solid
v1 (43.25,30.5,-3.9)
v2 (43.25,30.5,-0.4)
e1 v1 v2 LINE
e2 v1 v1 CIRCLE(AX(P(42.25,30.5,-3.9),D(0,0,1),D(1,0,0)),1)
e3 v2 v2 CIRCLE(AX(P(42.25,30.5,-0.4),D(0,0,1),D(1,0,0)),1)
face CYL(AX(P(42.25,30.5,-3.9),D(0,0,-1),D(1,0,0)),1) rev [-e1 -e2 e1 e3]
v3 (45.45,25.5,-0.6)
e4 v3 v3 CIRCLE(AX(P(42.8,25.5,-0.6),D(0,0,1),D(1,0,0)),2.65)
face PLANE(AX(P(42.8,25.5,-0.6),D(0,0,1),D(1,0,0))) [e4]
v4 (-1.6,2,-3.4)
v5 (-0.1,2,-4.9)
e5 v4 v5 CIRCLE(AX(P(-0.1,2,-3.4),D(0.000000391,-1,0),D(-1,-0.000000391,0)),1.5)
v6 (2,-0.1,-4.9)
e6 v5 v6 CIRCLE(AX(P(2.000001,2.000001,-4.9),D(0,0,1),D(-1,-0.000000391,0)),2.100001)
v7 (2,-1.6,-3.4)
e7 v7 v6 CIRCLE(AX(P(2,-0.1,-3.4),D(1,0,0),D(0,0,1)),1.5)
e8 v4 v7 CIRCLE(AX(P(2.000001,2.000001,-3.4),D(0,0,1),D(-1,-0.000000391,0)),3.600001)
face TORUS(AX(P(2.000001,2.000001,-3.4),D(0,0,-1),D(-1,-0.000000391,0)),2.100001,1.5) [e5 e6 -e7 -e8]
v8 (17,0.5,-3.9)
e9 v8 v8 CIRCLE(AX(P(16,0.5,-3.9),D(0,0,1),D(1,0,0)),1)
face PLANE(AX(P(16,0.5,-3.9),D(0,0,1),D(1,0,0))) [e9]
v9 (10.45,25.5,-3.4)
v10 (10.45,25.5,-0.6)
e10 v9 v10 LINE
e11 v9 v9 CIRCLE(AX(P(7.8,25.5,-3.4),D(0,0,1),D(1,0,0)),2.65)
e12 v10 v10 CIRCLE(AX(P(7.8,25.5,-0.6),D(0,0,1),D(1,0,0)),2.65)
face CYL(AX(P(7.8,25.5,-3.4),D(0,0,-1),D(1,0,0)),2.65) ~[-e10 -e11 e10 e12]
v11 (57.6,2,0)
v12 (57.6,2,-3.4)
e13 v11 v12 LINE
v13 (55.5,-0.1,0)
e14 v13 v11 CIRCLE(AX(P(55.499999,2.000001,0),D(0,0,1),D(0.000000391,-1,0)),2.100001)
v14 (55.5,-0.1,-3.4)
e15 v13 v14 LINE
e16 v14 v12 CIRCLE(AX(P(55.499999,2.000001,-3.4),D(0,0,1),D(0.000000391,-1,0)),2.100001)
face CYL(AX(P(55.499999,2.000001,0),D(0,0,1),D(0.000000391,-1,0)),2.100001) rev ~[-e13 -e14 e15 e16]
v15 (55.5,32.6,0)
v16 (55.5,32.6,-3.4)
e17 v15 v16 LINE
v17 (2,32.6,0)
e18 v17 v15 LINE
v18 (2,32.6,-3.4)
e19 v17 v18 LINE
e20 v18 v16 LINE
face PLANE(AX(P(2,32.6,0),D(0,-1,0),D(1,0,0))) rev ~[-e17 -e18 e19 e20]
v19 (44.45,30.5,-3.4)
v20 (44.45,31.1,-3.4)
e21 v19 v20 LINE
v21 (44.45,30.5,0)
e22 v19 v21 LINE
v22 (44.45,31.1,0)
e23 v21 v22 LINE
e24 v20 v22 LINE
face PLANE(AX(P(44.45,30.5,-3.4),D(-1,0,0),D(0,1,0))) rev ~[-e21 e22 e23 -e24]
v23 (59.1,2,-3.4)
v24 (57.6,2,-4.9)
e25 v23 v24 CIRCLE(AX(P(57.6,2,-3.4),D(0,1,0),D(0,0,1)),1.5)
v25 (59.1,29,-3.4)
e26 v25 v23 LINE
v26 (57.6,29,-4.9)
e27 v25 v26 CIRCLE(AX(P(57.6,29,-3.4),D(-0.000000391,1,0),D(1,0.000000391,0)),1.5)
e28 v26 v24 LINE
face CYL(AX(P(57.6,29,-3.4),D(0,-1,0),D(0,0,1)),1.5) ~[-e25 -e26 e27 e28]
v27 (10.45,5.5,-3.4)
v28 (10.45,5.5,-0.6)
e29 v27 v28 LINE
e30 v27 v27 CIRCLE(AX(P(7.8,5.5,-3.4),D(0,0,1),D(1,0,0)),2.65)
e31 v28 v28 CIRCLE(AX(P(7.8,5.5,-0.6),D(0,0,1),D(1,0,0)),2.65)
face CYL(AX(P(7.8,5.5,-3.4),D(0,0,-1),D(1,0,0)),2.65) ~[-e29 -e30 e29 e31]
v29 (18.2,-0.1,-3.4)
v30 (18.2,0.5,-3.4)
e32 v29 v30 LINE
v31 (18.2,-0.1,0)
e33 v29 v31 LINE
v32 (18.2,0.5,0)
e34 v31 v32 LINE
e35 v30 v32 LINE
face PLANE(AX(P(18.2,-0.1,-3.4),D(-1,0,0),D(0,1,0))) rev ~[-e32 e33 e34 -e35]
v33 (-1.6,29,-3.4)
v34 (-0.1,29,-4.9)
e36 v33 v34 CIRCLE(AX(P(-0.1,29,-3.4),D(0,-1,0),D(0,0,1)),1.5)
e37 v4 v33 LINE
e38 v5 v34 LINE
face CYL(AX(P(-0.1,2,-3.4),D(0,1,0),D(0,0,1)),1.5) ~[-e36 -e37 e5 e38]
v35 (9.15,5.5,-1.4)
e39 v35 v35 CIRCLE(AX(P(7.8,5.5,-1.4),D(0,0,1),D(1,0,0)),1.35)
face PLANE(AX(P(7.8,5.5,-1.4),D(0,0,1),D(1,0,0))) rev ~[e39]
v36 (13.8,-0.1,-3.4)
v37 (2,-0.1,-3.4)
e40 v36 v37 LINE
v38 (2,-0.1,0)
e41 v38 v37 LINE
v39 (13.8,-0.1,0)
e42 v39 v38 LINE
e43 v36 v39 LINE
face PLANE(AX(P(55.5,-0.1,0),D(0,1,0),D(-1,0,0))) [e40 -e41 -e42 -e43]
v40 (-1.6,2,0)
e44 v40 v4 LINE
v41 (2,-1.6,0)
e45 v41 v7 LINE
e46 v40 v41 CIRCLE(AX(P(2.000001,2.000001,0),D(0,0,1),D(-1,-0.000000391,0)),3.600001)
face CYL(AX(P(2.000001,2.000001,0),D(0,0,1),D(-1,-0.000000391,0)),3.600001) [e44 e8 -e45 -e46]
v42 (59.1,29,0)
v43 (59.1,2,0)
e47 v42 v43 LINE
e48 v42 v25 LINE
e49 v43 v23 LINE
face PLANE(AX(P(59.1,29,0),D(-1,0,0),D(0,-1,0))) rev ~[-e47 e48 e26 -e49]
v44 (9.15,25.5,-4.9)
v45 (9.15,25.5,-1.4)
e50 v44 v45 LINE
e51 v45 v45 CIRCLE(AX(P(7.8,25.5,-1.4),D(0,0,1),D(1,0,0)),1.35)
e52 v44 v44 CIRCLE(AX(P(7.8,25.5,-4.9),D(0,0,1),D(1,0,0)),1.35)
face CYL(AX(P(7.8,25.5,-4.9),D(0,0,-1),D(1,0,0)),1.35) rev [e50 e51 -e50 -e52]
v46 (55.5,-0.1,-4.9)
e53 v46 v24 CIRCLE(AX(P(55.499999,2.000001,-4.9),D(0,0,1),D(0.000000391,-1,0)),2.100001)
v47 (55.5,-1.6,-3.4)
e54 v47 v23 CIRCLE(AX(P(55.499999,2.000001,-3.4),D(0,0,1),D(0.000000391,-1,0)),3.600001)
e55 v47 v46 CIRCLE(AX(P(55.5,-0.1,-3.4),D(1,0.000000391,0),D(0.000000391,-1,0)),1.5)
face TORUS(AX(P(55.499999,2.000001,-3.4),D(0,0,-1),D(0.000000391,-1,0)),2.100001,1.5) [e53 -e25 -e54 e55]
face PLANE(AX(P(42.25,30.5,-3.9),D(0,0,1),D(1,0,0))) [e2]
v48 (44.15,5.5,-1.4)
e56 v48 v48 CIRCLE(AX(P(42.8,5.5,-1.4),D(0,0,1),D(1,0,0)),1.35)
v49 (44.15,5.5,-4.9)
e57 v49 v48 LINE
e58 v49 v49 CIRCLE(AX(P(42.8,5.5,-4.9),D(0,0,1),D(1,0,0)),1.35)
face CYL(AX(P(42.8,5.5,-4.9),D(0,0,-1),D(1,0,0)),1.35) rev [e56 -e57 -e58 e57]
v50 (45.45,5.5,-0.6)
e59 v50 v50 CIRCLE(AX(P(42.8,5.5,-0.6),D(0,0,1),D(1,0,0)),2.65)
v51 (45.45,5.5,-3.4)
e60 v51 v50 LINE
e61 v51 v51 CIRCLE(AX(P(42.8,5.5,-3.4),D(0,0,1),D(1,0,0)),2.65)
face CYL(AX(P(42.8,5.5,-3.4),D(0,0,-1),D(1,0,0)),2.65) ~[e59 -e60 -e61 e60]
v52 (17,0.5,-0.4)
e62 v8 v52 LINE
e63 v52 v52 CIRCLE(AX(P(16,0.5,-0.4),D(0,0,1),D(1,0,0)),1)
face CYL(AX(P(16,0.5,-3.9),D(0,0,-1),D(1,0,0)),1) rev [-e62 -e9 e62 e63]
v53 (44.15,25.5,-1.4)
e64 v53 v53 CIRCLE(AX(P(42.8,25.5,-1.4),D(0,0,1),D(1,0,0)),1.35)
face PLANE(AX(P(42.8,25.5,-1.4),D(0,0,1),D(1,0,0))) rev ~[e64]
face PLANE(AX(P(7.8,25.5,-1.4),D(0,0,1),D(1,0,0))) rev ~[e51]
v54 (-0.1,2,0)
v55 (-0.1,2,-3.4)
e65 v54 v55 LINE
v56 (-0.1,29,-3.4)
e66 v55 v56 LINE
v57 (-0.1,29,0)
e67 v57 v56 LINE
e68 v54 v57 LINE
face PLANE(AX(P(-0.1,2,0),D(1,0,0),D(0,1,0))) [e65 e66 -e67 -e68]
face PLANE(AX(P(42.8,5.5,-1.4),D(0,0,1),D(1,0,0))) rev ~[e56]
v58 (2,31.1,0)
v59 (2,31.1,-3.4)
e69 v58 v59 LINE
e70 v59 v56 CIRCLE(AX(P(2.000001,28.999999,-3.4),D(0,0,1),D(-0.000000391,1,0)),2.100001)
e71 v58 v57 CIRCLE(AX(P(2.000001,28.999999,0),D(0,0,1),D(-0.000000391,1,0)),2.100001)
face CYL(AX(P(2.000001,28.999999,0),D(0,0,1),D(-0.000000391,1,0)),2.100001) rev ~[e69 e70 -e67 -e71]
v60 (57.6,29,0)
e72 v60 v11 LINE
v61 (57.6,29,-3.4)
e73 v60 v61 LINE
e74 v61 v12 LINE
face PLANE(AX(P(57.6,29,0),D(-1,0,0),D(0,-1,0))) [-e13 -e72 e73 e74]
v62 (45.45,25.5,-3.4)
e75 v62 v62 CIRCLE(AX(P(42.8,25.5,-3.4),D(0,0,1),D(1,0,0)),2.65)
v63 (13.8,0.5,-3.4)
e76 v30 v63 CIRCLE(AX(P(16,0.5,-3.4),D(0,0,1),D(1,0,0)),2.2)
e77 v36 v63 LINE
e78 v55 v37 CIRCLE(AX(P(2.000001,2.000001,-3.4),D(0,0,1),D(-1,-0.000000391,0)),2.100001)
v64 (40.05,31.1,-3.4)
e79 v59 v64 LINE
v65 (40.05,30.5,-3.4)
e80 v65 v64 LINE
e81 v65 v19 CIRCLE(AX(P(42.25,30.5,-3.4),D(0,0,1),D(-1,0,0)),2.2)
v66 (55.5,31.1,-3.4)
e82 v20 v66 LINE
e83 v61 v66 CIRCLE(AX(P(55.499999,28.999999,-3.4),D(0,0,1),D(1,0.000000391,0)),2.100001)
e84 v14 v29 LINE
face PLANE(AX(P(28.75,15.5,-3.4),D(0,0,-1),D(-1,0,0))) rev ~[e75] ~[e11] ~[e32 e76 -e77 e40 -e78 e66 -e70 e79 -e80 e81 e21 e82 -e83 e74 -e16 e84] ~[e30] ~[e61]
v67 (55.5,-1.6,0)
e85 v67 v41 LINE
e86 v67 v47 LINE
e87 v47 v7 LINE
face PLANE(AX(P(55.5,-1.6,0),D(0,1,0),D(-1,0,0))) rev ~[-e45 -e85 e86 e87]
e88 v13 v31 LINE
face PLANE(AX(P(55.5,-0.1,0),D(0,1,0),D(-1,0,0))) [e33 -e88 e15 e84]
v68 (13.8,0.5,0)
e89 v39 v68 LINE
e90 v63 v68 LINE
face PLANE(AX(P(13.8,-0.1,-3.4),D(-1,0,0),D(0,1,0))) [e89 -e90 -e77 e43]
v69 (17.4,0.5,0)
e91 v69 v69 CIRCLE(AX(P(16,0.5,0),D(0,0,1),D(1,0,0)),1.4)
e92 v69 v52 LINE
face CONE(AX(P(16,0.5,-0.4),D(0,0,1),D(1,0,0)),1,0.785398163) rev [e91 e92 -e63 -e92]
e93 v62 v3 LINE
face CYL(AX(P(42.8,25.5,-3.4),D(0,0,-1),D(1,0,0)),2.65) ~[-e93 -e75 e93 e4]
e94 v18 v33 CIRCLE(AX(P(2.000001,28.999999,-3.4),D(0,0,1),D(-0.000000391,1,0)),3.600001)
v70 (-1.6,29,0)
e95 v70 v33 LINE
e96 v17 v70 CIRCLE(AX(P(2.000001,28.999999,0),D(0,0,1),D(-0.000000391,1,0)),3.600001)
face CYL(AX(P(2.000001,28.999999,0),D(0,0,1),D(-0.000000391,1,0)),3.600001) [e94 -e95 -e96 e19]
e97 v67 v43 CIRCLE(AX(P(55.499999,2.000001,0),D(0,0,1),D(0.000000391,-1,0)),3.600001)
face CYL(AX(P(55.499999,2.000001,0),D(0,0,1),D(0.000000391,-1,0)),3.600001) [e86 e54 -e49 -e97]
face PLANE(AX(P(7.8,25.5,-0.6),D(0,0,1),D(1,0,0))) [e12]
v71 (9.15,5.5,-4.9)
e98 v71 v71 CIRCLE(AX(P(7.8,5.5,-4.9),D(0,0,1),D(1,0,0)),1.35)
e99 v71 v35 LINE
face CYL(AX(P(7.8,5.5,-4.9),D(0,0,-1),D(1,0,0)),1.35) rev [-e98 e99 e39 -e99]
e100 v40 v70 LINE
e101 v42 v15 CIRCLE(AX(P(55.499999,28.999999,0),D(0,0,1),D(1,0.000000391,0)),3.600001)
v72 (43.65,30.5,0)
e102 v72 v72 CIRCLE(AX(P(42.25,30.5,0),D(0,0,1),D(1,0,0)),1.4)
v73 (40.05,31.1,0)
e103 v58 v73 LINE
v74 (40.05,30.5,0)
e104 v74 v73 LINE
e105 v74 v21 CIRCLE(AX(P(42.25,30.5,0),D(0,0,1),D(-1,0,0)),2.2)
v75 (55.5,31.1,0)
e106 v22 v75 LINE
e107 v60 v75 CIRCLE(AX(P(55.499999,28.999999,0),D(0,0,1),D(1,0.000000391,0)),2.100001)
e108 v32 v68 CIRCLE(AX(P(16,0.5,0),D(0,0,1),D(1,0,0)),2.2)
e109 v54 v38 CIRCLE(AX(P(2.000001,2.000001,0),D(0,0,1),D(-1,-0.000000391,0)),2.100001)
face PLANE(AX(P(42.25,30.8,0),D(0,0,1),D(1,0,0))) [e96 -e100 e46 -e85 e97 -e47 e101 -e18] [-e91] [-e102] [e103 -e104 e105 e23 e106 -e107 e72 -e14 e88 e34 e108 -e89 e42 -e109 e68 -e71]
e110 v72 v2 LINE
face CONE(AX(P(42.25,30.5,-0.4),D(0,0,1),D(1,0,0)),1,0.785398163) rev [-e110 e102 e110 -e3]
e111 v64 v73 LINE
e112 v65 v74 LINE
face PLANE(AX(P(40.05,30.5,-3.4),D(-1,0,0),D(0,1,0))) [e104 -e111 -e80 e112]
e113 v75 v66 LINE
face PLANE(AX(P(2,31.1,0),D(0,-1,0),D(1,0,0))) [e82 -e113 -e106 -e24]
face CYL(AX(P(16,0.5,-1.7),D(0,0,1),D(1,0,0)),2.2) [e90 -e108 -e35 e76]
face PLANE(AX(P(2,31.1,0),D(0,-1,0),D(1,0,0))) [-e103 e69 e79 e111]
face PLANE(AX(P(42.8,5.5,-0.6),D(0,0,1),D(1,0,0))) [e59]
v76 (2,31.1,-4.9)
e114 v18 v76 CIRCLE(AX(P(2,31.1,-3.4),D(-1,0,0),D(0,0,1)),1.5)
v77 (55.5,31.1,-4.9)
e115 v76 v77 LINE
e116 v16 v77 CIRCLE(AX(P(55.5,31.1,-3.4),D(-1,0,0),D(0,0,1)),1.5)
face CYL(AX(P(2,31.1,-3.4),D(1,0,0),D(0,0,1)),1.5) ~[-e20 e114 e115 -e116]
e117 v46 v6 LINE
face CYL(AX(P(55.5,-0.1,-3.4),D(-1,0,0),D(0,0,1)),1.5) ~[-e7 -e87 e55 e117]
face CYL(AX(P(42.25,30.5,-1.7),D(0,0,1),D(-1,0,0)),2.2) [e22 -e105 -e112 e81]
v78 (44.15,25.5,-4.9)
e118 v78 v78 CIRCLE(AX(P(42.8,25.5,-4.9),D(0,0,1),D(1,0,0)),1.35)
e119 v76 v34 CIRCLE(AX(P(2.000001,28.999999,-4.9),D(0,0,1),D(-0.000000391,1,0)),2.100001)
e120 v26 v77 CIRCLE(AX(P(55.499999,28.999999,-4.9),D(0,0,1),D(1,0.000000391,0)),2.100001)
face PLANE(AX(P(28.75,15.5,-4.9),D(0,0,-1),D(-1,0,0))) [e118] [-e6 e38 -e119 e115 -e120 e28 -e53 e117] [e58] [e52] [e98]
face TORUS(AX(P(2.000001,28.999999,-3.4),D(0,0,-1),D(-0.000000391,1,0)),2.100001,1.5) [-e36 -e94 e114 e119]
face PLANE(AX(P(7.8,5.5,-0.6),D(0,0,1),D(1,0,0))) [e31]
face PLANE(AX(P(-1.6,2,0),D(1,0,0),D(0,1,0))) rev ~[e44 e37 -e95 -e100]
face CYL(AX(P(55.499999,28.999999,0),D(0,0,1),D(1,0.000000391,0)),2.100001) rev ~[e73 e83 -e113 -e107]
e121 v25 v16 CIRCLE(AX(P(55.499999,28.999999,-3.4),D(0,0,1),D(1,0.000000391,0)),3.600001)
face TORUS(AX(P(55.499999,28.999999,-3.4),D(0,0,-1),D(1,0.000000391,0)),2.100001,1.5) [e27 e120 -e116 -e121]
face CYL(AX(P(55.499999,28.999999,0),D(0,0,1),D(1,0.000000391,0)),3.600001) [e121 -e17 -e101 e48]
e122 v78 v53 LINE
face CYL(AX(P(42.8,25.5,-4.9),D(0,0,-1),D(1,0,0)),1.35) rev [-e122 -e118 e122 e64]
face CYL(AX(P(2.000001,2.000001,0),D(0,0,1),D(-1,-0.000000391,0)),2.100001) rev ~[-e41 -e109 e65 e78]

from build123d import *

# Parameters (mm, degrees)
PAD_DEPTH         = 3.4
THICKNESS_T       = 1.5
CYLINDER_W        = 2.2
CYLINDER_H        = 3.4
CYLINDER_ANGLE    = 180
BOX004_W          = 4.4
BOX004_H          = 0.6
BOX004_DEPTH      = 3.4
CYLINDER002_R     = 1
CYLINDER002_DEPTH = 3.9
CHAMFER_SIZE      = 0.4
CYLINDER003_W     = 2.2
CYLINDER003_H     = 3.4
CYLINDER003_ANGLE = 180
BOX006_W          = 4.4
BOX006_H          = 0.6
BOX006_DEPTH      = 3.4
CYLINDER004_R     = 1
CYLINDER004_DEPTH = 3.9
CHAMFER001_SIZE   = 0.4
SKETCH004_R       = 2.65
PAD002_DEPTH      = 2.8
SKETCH005_R       = 1.35
POCKET001_DEPTH   = 3.5


with BuildPart() as part:
    # Sketch → Pad (new body)
    with BuildSketch(Plane.XY):
        with BuildLine():
            Line((2, 31.1), (55.5, 31.1))
            ThreePointArc((57.6, 29), (56.984924, 30.484924), (55.5, 31.1))
            Line((57.6, 29), (57.6, 2))
            ThreePointArc((55.5, -0.1), (56.984924, 0.515076), (57.6, 2))
            Line((55.5, -0.1), (2, -0.1))
            ThreePointArc((-0.1, 2), (0.515076, 0.515076), (2, -0.1))
            Line((-0.1, 2), (-0.1, 29))
            ThreePointArc((2, 31.1), (0.515076, 30.484924), (-0.1, 29))
        make_face()
    extrude(amount=-PAD_DEPTH)

    # Thickness
    thickness_openings = [part.faces().sort_by_distance(p)[0] for p in [
        (28.75, 15.5, 0),
    ]]
    offset(amount=THICKNESS_T, openings=thickness_openings)

    # Cylinder → Cylinder (revolve)
    with BuildSketch(Plane(origin=(16, 0.5, -3.4), x_dir=(1, 0, 0), z_dir=(0, -1, 0))):
        with Locations((1.1, 1.7)):
            Rectangle(CYLINDER_W, CYLINDER_H)
    revolve(axis=Axis((16, 0.5, -3.4), (0, 0, 1)), revolution_arc=CYLINDER_ANGLE)

    # Box004 → Box004 (join)
    with BuildSketch(Plane(origin=(13.8, -0.1, -3.4), x_dir=(1, 0, 0), z_dir=(0, 0, 1))):
        with Locations((2.2, 0.3)):
            Rectangle(BOX004_W, BOX004_H)
    extrude(amount=BOX004_DEPTH)

    # Cylinder002 → Cylinder002 (cut)
    with BuildSketch(Plane(origin=(16, 0.5, -3.9), x_dir=(1, 0, 0), z_dir=(0, 0, 1))):
        Circle(CYLINDER002_R)
    extrude(amount=CYLINDER002_DEPTH, mode=Mode.SUBTRACT)

    # Chamfer
    chamfer_edges = [part.edges().sort_by_distance(p)[0] for p in [
        (16, 1.5, 0),
        (16, -0.5, 0),
        (15.051317, 0.183772, 0),
        (16.948683, 0.183772, 0),
    ]]
    chamfer(chamfer_edges, length=CHAMFER_SIZE)

    # Cylinder003 → Cylinder003 (revolve)
    with BuildSketch(Plane(origin=(42.25, 30.5, -3.4), x_dir=(-1, 0, 0), z_dir=(0, 1, 0))):
        with Locations((1.1, 1.7)):
            Rectangle(CYLINDER003_W, CYLINDER003_H)
    revolve(axis=Axis((42.25, 30.5, -3.4), (0, 0, 1)), revolution_arc=CYLINDER003_ANGLE)

    # Box006 → Box006 (join)
    with BuildSketch(Plane(origin=(40.05, 30.5, -3.4), x_dir=(1, 0, 0), z_dir=(0, 0, 1))):
        with Locations((2.2, 0.3)):
            Rectangle(BOX006_W, BOX006_H)
    extrude(amount=BOX006_DEPTH)

    # Cylinder004 → Cylinder004 (cut)
    with BuildSketch(Plane(origin=(42.25, 30.5, -3.9), x_dir=(1, 0, 0), z_dir=(0, 0, 1))):
        Circle(CYLINDER004_R)
    extrude(amount=CYLINDER004_DEPTH, mode=Mode.SUBTRACT)

    # Chamfer001
    chamfer001_edges = [part.edges().sort_by_distance(p)[0] for p in [
        (42.25, 31.5, 0),
        (43.198683, 30.816228, 0),
        (42.25, 29.5, 0),
        (41.301317, 30.816228, 0),
    ]]
    chamfer(chamfer001_edges, length=CHAMFER001_SIZE)

    # Sketch004 → Pad002 (join)
    with BuildSketch(Plane.XY.offset(-3.4)):
        with Locations((7.8, 5.5)):
            Circle(SKETCH004_R)
        with Locations((42.8, 5.5)):
            Circle(SKETCH004_R)
        with Locations((7.8, 25.5)):
            Circle(SKETCH004_R)
        with Locations((42.8, 25.5)):
            Circle(SKETCH004_R)
    extrude(amount=PAD002_DEPTH)

    # Sketch005 → Pocket001 (cut)
    with BuildSketch(Plane.XY.offset(-4.9)):
        with Locations((7.8, 5.5)):
            Circle(SKETCH005_R)
        with Locations((42.8, 5.5)):
            Circle(SKETCH005_R)
        with Locations((7.8, 25.5)):
            Circle(SKETCH005_R)
        with Locations((42.8, 25.5)):
            Circle(SKETCH005_R)
    extrude(amount=POCKET001_DEPTH, mode=Mode.SUBTRACT)


solid = part.part
